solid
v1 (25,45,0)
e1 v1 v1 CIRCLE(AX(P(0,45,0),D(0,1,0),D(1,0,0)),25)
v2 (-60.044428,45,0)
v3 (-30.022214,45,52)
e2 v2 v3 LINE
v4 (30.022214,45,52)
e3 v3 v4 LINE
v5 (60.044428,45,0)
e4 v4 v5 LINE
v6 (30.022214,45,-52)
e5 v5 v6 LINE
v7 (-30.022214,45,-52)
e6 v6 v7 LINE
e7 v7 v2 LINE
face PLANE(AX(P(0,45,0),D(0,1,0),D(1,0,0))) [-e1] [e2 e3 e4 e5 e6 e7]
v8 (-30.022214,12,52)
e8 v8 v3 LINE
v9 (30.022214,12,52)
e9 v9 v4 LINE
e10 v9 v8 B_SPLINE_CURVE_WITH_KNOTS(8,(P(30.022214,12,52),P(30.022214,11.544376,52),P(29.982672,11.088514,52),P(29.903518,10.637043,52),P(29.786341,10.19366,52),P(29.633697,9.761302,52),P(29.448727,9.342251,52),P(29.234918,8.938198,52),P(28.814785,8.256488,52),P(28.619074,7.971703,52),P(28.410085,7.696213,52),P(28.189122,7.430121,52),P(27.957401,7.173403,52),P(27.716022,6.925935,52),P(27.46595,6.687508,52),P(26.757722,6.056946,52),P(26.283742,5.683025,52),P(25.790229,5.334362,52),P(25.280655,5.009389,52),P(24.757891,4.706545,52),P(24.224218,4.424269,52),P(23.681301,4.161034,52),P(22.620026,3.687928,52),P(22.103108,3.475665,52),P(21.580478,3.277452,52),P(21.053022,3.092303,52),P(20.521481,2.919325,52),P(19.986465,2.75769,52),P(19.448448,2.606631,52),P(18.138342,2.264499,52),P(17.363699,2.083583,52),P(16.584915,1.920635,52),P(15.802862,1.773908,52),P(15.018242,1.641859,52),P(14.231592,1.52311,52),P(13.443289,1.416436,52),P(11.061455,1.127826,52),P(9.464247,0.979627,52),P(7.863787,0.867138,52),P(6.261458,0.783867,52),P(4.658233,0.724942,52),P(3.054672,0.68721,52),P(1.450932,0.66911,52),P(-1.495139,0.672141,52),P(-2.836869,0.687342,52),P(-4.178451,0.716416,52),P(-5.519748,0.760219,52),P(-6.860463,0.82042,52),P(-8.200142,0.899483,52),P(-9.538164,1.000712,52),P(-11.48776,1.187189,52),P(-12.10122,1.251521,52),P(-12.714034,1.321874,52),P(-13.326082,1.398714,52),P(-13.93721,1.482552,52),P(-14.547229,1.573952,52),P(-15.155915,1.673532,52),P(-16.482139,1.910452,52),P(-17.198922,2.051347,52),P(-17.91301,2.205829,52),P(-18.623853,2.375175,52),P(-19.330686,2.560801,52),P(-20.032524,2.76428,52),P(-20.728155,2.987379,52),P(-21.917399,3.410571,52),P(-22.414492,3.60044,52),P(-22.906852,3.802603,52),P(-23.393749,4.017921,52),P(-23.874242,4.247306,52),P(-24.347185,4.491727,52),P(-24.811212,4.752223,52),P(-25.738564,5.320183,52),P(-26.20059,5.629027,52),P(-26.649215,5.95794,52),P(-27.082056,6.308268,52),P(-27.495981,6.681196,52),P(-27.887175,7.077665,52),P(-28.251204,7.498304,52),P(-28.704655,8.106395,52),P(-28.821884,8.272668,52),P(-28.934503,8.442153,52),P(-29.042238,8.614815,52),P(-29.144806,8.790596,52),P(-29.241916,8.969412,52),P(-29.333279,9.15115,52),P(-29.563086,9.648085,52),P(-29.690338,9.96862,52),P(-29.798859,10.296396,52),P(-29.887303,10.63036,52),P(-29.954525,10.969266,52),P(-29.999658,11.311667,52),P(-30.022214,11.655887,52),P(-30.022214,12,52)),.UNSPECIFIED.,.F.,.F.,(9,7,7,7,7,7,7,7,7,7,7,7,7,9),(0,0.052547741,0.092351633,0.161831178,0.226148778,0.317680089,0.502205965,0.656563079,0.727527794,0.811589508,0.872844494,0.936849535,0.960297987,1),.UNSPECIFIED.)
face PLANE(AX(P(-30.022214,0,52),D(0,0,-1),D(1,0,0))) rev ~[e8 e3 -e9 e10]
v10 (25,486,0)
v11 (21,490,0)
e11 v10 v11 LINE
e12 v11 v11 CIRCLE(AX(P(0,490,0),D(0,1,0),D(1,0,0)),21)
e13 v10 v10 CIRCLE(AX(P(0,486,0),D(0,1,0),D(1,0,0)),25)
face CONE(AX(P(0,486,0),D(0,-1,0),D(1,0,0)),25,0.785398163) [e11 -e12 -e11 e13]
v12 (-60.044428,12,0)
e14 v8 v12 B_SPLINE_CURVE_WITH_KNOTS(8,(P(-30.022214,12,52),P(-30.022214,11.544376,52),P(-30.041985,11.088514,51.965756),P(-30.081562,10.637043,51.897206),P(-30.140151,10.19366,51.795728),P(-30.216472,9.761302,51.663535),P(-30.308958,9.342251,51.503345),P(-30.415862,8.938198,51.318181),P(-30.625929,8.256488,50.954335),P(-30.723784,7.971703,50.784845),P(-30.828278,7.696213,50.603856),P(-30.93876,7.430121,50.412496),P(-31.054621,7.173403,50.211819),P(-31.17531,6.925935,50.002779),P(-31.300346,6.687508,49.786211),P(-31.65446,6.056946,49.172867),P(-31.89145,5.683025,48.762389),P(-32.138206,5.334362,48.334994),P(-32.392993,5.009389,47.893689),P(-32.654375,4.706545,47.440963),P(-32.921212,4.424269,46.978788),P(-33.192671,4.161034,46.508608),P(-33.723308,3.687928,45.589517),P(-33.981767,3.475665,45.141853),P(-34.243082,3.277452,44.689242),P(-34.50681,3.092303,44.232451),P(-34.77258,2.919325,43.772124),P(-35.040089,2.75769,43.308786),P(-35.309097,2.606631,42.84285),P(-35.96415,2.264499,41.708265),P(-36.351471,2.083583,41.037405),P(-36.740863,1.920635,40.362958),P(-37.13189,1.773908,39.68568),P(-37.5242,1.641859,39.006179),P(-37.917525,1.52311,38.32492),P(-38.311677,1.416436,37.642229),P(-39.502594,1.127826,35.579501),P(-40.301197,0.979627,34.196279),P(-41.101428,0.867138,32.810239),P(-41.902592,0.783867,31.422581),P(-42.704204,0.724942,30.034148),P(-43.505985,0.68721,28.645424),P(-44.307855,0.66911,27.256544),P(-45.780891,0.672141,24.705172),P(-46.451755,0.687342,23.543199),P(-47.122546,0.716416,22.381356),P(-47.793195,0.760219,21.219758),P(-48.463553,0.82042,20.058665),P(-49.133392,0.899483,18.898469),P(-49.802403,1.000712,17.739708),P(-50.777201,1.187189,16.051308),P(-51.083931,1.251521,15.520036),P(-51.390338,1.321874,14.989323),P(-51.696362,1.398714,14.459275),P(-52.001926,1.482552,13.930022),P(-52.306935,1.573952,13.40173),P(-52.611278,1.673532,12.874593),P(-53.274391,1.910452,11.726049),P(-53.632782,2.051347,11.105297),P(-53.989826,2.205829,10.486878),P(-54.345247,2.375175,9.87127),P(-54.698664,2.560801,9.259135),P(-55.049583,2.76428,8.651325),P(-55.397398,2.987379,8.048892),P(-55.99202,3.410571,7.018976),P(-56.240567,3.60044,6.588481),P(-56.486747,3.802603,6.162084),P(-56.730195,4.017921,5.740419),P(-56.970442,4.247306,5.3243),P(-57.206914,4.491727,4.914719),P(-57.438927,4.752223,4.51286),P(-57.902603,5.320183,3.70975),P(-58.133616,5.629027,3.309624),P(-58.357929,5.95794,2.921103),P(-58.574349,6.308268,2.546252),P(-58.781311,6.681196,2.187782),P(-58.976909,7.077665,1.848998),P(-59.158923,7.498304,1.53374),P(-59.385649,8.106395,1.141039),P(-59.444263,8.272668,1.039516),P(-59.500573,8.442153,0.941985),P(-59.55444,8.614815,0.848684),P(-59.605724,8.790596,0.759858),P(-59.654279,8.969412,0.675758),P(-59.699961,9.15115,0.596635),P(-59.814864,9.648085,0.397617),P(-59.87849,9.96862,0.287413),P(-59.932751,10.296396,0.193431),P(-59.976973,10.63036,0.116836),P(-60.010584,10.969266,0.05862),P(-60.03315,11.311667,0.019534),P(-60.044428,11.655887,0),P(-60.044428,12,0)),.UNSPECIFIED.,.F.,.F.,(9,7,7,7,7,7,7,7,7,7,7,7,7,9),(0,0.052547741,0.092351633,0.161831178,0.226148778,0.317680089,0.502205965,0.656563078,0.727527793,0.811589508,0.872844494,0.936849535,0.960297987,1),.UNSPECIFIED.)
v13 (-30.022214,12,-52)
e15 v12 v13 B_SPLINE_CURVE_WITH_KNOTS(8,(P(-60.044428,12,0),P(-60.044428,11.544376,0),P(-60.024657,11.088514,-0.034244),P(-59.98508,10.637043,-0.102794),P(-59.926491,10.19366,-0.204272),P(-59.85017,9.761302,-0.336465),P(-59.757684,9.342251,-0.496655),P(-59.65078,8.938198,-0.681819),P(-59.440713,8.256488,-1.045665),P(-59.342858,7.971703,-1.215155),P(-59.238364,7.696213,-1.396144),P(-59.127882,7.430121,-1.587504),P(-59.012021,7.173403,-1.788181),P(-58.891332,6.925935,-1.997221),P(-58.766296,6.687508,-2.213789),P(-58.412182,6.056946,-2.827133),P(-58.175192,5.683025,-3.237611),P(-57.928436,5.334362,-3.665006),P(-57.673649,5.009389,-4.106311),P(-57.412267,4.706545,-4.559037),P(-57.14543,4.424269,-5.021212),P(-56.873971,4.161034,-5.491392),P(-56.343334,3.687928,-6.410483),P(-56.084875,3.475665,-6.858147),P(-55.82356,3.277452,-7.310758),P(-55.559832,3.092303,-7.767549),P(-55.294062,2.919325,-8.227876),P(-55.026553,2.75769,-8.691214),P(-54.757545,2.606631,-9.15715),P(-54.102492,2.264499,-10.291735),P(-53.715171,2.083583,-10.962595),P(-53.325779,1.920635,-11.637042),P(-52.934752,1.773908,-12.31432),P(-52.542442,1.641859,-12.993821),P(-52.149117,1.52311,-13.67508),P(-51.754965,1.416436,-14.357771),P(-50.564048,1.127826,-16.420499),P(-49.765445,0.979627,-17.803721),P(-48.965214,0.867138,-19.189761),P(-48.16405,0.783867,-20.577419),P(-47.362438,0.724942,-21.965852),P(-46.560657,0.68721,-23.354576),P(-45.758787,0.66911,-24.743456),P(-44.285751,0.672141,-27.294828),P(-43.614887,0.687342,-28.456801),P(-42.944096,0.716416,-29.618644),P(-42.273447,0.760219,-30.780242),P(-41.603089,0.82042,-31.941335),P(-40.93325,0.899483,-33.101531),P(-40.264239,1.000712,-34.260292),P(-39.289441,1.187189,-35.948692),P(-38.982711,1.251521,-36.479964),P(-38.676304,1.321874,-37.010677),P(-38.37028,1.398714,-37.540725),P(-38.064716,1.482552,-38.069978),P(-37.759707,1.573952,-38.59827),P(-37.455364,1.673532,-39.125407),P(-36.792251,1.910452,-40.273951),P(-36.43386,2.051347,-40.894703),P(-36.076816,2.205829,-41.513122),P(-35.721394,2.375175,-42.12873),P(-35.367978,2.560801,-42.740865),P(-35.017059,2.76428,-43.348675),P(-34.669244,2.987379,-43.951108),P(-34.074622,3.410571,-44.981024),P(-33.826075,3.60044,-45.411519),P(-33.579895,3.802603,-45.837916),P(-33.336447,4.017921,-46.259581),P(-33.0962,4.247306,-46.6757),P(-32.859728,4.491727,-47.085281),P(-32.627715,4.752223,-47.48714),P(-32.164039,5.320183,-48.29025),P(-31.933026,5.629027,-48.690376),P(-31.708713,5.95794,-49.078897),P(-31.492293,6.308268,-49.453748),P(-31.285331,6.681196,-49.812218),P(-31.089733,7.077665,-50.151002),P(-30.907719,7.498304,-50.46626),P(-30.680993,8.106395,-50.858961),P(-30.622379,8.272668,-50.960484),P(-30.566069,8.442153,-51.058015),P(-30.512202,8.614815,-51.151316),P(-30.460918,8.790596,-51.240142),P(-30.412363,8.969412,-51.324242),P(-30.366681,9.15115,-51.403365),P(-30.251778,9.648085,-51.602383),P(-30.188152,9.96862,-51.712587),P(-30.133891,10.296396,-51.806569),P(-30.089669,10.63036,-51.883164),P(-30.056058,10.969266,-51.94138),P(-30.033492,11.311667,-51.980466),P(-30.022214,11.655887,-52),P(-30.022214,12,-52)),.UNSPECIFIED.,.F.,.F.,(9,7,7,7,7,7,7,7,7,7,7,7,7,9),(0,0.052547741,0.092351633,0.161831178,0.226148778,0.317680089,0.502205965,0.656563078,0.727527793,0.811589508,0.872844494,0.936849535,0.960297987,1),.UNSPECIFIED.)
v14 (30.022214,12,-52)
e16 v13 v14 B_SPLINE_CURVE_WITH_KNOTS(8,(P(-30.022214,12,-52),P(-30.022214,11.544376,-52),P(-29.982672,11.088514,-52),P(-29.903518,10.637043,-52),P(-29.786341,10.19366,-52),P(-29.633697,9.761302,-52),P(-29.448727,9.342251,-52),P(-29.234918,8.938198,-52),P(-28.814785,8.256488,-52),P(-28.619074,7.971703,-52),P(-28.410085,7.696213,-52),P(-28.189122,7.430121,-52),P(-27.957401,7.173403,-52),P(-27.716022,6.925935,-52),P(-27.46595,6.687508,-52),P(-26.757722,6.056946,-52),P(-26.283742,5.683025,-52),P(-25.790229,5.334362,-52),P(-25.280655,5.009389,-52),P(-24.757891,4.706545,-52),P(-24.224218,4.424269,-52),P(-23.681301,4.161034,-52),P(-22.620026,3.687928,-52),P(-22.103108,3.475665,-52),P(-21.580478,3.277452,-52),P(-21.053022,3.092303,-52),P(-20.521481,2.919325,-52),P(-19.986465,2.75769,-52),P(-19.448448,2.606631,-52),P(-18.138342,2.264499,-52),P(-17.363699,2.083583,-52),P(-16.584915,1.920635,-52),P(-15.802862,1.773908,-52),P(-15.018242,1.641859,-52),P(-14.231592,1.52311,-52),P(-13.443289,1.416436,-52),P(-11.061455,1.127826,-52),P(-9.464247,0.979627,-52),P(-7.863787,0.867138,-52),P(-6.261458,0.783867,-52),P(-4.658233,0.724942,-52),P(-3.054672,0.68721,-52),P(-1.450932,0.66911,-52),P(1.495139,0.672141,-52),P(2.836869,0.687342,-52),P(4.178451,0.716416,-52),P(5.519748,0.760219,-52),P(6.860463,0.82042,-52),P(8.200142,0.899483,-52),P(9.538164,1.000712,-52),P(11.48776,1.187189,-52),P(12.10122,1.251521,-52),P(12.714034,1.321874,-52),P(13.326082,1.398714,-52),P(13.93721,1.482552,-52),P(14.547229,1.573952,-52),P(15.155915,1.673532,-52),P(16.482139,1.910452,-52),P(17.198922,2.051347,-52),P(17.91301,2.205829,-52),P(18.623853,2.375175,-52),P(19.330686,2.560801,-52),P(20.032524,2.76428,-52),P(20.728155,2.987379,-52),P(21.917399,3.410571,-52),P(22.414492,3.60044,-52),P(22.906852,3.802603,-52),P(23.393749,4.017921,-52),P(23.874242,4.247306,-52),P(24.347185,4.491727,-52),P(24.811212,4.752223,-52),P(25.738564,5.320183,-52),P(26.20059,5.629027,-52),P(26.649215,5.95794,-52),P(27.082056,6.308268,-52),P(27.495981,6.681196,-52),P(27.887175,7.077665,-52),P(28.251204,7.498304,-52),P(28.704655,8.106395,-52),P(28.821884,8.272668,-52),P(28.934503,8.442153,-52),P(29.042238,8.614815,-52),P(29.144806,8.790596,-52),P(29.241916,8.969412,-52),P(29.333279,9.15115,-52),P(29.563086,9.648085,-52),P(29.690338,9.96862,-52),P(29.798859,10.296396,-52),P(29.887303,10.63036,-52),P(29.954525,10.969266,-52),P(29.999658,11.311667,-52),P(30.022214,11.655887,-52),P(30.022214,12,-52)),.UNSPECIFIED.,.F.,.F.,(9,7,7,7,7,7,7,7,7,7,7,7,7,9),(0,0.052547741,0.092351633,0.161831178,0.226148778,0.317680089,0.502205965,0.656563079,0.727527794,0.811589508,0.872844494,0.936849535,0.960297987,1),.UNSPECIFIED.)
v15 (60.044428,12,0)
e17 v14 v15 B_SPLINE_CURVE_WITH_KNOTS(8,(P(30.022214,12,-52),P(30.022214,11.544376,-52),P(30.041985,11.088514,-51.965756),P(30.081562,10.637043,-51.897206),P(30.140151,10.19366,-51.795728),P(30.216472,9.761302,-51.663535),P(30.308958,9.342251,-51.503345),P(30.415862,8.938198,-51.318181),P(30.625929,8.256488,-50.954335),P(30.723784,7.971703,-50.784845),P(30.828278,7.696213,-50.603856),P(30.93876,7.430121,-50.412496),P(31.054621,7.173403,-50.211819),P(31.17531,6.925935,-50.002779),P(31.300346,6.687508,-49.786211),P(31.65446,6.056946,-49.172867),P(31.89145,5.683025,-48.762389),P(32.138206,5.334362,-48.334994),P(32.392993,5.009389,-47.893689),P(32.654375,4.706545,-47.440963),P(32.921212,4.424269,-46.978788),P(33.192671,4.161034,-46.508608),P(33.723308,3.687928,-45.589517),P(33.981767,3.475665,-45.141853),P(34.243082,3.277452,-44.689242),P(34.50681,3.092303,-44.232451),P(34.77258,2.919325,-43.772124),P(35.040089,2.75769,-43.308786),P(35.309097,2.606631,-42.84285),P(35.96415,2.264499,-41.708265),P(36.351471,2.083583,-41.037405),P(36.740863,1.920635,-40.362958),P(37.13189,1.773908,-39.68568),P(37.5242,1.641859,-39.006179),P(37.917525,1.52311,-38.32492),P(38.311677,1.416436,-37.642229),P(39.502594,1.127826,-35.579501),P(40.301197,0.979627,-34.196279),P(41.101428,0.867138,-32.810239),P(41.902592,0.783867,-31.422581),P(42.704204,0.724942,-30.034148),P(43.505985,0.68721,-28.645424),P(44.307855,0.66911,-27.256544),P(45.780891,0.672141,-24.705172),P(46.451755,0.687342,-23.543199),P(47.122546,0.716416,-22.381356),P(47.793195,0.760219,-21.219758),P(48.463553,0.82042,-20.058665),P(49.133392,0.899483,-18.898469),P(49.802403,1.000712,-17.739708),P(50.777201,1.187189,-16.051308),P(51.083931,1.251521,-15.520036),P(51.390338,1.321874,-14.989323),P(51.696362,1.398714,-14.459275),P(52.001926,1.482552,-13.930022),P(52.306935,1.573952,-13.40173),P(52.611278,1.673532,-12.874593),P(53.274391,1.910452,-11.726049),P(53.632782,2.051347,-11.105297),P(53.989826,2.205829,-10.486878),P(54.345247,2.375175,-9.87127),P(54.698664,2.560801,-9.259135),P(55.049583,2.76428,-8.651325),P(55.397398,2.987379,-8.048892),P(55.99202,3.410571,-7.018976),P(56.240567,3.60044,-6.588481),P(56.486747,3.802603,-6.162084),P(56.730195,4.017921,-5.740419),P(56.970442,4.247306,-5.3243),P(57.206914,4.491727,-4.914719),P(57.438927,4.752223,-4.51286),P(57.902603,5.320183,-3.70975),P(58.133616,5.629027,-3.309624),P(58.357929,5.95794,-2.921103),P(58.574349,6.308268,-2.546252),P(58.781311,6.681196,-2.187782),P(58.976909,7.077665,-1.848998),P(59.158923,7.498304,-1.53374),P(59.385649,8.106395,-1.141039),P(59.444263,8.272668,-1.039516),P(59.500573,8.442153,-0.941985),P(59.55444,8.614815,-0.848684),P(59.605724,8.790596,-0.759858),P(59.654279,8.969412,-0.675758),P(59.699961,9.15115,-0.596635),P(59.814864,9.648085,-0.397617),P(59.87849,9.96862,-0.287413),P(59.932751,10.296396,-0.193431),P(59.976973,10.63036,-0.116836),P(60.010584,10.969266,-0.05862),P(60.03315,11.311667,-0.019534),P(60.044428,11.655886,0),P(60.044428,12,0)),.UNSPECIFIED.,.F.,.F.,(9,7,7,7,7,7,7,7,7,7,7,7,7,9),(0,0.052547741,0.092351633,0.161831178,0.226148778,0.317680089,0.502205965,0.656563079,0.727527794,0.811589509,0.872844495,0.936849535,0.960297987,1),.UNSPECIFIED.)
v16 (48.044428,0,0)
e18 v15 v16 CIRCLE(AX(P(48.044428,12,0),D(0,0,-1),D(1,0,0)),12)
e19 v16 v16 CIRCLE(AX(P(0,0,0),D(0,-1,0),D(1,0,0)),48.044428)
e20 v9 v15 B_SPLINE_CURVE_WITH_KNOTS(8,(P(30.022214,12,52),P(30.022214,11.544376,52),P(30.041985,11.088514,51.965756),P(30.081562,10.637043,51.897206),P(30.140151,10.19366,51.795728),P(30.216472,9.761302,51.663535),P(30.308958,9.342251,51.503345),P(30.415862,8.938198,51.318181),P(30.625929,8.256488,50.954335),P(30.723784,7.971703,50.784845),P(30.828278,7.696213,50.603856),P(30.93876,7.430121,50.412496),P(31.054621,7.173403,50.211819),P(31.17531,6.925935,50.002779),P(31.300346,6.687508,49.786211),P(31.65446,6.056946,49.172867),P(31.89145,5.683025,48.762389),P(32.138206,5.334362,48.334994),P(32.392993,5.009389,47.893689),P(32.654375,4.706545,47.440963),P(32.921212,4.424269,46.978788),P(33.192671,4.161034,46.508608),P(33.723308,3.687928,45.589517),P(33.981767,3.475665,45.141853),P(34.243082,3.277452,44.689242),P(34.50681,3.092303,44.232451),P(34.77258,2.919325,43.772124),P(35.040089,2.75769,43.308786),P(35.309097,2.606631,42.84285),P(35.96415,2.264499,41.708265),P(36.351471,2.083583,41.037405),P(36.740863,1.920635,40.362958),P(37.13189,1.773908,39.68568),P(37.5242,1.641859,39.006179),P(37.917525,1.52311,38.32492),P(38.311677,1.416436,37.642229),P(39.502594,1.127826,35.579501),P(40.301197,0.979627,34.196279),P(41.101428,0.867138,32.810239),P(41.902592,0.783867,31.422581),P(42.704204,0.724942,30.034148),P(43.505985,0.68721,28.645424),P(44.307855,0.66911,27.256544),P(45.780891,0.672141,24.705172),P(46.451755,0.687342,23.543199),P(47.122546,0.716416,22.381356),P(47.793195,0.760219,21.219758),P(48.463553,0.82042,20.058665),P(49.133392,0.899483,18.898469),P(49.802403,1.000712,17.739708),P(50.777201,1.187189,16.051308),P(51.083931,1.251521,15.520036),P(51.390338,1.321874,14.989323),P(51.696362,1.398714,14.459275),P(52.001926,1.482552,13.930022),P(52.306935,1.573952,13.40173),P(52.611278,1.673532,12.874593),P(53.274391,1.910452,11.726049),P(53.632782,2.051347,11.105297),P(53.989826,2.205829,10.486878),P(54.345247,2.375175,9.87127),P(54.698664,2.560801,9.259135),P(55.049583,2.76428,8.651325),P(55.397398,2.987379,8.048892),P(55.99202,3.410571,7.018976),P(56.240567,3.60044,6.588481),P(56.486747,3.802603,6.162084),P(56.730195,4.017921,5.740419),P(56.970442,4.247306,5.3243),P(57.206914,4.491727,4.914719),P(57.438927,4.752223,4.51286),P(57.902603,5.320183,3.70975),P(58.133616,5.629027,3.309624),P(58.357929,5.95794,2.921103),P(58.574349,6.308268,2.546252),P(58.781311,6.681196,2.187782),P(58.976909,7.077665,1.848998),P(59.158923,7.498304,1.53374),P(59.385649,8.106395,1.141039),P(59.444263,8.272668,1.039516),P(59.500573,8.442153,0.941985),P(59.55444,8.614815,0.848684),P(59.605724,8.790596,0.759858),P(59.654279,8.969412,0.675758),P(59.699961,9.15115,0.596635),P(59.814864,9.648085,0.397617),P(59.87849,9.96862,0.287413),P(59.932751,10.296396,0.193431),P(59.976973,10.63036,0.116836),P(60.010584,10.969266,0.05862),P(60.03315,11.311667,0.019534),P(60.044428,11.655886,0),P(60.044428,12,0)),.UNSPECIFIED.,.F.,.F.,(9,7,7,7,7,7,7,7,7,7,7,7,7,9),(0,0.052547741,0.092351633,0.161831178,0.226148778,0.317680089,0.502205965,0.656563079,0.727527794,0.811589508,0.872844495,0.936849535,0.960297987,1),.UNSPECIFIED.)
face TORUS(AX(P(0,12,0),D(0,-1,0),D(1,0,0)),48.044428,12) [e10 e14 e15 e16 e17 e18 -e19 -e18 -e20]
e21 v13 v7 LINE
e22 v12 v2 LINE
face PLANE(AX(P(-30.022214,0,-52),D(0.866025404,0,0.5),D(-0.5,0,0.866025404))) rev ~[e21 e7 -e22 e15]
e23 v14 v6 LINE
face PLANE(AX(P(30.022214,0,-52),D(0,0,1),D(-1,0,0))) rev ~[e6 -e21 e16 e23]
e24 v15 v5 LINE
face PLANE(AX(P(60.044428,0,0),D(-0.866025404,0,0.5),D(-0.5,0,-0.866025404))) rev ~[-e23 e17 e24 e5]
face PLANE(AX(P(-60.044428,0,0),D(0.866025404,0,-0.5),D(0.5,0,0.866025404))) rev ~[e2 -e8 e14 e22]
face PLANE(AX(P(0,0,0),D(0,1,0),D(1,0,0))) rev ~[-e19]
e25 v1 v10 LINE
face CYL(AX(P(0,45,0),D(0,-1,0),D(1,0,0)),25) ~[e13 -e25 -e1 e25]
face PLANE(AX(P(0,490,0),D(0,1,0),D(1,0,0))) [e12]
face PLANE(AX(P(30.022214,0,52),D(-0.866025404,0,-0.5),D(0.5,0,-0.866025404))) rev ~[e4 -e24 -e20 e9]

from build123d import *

# Parameters (mm, degrees)
BOSS_EXTRUDE1_DEPTH = 45
SKETCH2_R           = 25
BOSS_EXTRUDE2_DEPTH = 445
CHAMFER1_SIZE       = 4


with BuildPart() as part:
    # Sketch1 → Boss-Extrude1 (new body)
    with BuildSketch(Plane(origin=(0, 0, 0), x_dir=(1, 0, 0), z_dir=(0, 1, 0))):
        Polygon((-60.044427996, 0), (-30.022213998, -52), (30.022213998, -52), (60.044427996, 0), (30.022213998, 52), (-30.022213998, 52), align=None)
    extrude(amount=BOSS_EXTRUDE1_DEPTH)

    # Sketch2 → Boss-Extrude2 (add)
    with BuildSketch(Plane(origin=(0, 45, 0), x_dir=(1, 0, 0), z_dir=(0, 1, 0))):
        Circle(SKETCH2_R)
    extrude(amount=BOSS_EXTRUDE2_DEPTH)

    # Sketch3 → Cut-Revolve1 (revolve, cut)
    with BuildSketch(Plane.XY):
        with BuildLine():
            Line((48.044427996, 0), (60.044427996, 0))
            Line((60.044427996, 0), (60.044427996, 12))
            ThreePointArc((60.044427996, 12), (56.52970937, 3.514718626), (48.044427996, 0))
        make_face()
    revolve(axis=Axis((0, 490, 0), (0, -1, 0)), mode=Mode.SUBTRACT)

    # Chamfer1
    chamfer1_edges = [part.edges().sort_by_distance(p)[0] for p in [
        (-25, 490, 0),
    ]]
    chamfer(chamfer1_edges, length=CHAMFER1_SIZE)


solid = part.part
